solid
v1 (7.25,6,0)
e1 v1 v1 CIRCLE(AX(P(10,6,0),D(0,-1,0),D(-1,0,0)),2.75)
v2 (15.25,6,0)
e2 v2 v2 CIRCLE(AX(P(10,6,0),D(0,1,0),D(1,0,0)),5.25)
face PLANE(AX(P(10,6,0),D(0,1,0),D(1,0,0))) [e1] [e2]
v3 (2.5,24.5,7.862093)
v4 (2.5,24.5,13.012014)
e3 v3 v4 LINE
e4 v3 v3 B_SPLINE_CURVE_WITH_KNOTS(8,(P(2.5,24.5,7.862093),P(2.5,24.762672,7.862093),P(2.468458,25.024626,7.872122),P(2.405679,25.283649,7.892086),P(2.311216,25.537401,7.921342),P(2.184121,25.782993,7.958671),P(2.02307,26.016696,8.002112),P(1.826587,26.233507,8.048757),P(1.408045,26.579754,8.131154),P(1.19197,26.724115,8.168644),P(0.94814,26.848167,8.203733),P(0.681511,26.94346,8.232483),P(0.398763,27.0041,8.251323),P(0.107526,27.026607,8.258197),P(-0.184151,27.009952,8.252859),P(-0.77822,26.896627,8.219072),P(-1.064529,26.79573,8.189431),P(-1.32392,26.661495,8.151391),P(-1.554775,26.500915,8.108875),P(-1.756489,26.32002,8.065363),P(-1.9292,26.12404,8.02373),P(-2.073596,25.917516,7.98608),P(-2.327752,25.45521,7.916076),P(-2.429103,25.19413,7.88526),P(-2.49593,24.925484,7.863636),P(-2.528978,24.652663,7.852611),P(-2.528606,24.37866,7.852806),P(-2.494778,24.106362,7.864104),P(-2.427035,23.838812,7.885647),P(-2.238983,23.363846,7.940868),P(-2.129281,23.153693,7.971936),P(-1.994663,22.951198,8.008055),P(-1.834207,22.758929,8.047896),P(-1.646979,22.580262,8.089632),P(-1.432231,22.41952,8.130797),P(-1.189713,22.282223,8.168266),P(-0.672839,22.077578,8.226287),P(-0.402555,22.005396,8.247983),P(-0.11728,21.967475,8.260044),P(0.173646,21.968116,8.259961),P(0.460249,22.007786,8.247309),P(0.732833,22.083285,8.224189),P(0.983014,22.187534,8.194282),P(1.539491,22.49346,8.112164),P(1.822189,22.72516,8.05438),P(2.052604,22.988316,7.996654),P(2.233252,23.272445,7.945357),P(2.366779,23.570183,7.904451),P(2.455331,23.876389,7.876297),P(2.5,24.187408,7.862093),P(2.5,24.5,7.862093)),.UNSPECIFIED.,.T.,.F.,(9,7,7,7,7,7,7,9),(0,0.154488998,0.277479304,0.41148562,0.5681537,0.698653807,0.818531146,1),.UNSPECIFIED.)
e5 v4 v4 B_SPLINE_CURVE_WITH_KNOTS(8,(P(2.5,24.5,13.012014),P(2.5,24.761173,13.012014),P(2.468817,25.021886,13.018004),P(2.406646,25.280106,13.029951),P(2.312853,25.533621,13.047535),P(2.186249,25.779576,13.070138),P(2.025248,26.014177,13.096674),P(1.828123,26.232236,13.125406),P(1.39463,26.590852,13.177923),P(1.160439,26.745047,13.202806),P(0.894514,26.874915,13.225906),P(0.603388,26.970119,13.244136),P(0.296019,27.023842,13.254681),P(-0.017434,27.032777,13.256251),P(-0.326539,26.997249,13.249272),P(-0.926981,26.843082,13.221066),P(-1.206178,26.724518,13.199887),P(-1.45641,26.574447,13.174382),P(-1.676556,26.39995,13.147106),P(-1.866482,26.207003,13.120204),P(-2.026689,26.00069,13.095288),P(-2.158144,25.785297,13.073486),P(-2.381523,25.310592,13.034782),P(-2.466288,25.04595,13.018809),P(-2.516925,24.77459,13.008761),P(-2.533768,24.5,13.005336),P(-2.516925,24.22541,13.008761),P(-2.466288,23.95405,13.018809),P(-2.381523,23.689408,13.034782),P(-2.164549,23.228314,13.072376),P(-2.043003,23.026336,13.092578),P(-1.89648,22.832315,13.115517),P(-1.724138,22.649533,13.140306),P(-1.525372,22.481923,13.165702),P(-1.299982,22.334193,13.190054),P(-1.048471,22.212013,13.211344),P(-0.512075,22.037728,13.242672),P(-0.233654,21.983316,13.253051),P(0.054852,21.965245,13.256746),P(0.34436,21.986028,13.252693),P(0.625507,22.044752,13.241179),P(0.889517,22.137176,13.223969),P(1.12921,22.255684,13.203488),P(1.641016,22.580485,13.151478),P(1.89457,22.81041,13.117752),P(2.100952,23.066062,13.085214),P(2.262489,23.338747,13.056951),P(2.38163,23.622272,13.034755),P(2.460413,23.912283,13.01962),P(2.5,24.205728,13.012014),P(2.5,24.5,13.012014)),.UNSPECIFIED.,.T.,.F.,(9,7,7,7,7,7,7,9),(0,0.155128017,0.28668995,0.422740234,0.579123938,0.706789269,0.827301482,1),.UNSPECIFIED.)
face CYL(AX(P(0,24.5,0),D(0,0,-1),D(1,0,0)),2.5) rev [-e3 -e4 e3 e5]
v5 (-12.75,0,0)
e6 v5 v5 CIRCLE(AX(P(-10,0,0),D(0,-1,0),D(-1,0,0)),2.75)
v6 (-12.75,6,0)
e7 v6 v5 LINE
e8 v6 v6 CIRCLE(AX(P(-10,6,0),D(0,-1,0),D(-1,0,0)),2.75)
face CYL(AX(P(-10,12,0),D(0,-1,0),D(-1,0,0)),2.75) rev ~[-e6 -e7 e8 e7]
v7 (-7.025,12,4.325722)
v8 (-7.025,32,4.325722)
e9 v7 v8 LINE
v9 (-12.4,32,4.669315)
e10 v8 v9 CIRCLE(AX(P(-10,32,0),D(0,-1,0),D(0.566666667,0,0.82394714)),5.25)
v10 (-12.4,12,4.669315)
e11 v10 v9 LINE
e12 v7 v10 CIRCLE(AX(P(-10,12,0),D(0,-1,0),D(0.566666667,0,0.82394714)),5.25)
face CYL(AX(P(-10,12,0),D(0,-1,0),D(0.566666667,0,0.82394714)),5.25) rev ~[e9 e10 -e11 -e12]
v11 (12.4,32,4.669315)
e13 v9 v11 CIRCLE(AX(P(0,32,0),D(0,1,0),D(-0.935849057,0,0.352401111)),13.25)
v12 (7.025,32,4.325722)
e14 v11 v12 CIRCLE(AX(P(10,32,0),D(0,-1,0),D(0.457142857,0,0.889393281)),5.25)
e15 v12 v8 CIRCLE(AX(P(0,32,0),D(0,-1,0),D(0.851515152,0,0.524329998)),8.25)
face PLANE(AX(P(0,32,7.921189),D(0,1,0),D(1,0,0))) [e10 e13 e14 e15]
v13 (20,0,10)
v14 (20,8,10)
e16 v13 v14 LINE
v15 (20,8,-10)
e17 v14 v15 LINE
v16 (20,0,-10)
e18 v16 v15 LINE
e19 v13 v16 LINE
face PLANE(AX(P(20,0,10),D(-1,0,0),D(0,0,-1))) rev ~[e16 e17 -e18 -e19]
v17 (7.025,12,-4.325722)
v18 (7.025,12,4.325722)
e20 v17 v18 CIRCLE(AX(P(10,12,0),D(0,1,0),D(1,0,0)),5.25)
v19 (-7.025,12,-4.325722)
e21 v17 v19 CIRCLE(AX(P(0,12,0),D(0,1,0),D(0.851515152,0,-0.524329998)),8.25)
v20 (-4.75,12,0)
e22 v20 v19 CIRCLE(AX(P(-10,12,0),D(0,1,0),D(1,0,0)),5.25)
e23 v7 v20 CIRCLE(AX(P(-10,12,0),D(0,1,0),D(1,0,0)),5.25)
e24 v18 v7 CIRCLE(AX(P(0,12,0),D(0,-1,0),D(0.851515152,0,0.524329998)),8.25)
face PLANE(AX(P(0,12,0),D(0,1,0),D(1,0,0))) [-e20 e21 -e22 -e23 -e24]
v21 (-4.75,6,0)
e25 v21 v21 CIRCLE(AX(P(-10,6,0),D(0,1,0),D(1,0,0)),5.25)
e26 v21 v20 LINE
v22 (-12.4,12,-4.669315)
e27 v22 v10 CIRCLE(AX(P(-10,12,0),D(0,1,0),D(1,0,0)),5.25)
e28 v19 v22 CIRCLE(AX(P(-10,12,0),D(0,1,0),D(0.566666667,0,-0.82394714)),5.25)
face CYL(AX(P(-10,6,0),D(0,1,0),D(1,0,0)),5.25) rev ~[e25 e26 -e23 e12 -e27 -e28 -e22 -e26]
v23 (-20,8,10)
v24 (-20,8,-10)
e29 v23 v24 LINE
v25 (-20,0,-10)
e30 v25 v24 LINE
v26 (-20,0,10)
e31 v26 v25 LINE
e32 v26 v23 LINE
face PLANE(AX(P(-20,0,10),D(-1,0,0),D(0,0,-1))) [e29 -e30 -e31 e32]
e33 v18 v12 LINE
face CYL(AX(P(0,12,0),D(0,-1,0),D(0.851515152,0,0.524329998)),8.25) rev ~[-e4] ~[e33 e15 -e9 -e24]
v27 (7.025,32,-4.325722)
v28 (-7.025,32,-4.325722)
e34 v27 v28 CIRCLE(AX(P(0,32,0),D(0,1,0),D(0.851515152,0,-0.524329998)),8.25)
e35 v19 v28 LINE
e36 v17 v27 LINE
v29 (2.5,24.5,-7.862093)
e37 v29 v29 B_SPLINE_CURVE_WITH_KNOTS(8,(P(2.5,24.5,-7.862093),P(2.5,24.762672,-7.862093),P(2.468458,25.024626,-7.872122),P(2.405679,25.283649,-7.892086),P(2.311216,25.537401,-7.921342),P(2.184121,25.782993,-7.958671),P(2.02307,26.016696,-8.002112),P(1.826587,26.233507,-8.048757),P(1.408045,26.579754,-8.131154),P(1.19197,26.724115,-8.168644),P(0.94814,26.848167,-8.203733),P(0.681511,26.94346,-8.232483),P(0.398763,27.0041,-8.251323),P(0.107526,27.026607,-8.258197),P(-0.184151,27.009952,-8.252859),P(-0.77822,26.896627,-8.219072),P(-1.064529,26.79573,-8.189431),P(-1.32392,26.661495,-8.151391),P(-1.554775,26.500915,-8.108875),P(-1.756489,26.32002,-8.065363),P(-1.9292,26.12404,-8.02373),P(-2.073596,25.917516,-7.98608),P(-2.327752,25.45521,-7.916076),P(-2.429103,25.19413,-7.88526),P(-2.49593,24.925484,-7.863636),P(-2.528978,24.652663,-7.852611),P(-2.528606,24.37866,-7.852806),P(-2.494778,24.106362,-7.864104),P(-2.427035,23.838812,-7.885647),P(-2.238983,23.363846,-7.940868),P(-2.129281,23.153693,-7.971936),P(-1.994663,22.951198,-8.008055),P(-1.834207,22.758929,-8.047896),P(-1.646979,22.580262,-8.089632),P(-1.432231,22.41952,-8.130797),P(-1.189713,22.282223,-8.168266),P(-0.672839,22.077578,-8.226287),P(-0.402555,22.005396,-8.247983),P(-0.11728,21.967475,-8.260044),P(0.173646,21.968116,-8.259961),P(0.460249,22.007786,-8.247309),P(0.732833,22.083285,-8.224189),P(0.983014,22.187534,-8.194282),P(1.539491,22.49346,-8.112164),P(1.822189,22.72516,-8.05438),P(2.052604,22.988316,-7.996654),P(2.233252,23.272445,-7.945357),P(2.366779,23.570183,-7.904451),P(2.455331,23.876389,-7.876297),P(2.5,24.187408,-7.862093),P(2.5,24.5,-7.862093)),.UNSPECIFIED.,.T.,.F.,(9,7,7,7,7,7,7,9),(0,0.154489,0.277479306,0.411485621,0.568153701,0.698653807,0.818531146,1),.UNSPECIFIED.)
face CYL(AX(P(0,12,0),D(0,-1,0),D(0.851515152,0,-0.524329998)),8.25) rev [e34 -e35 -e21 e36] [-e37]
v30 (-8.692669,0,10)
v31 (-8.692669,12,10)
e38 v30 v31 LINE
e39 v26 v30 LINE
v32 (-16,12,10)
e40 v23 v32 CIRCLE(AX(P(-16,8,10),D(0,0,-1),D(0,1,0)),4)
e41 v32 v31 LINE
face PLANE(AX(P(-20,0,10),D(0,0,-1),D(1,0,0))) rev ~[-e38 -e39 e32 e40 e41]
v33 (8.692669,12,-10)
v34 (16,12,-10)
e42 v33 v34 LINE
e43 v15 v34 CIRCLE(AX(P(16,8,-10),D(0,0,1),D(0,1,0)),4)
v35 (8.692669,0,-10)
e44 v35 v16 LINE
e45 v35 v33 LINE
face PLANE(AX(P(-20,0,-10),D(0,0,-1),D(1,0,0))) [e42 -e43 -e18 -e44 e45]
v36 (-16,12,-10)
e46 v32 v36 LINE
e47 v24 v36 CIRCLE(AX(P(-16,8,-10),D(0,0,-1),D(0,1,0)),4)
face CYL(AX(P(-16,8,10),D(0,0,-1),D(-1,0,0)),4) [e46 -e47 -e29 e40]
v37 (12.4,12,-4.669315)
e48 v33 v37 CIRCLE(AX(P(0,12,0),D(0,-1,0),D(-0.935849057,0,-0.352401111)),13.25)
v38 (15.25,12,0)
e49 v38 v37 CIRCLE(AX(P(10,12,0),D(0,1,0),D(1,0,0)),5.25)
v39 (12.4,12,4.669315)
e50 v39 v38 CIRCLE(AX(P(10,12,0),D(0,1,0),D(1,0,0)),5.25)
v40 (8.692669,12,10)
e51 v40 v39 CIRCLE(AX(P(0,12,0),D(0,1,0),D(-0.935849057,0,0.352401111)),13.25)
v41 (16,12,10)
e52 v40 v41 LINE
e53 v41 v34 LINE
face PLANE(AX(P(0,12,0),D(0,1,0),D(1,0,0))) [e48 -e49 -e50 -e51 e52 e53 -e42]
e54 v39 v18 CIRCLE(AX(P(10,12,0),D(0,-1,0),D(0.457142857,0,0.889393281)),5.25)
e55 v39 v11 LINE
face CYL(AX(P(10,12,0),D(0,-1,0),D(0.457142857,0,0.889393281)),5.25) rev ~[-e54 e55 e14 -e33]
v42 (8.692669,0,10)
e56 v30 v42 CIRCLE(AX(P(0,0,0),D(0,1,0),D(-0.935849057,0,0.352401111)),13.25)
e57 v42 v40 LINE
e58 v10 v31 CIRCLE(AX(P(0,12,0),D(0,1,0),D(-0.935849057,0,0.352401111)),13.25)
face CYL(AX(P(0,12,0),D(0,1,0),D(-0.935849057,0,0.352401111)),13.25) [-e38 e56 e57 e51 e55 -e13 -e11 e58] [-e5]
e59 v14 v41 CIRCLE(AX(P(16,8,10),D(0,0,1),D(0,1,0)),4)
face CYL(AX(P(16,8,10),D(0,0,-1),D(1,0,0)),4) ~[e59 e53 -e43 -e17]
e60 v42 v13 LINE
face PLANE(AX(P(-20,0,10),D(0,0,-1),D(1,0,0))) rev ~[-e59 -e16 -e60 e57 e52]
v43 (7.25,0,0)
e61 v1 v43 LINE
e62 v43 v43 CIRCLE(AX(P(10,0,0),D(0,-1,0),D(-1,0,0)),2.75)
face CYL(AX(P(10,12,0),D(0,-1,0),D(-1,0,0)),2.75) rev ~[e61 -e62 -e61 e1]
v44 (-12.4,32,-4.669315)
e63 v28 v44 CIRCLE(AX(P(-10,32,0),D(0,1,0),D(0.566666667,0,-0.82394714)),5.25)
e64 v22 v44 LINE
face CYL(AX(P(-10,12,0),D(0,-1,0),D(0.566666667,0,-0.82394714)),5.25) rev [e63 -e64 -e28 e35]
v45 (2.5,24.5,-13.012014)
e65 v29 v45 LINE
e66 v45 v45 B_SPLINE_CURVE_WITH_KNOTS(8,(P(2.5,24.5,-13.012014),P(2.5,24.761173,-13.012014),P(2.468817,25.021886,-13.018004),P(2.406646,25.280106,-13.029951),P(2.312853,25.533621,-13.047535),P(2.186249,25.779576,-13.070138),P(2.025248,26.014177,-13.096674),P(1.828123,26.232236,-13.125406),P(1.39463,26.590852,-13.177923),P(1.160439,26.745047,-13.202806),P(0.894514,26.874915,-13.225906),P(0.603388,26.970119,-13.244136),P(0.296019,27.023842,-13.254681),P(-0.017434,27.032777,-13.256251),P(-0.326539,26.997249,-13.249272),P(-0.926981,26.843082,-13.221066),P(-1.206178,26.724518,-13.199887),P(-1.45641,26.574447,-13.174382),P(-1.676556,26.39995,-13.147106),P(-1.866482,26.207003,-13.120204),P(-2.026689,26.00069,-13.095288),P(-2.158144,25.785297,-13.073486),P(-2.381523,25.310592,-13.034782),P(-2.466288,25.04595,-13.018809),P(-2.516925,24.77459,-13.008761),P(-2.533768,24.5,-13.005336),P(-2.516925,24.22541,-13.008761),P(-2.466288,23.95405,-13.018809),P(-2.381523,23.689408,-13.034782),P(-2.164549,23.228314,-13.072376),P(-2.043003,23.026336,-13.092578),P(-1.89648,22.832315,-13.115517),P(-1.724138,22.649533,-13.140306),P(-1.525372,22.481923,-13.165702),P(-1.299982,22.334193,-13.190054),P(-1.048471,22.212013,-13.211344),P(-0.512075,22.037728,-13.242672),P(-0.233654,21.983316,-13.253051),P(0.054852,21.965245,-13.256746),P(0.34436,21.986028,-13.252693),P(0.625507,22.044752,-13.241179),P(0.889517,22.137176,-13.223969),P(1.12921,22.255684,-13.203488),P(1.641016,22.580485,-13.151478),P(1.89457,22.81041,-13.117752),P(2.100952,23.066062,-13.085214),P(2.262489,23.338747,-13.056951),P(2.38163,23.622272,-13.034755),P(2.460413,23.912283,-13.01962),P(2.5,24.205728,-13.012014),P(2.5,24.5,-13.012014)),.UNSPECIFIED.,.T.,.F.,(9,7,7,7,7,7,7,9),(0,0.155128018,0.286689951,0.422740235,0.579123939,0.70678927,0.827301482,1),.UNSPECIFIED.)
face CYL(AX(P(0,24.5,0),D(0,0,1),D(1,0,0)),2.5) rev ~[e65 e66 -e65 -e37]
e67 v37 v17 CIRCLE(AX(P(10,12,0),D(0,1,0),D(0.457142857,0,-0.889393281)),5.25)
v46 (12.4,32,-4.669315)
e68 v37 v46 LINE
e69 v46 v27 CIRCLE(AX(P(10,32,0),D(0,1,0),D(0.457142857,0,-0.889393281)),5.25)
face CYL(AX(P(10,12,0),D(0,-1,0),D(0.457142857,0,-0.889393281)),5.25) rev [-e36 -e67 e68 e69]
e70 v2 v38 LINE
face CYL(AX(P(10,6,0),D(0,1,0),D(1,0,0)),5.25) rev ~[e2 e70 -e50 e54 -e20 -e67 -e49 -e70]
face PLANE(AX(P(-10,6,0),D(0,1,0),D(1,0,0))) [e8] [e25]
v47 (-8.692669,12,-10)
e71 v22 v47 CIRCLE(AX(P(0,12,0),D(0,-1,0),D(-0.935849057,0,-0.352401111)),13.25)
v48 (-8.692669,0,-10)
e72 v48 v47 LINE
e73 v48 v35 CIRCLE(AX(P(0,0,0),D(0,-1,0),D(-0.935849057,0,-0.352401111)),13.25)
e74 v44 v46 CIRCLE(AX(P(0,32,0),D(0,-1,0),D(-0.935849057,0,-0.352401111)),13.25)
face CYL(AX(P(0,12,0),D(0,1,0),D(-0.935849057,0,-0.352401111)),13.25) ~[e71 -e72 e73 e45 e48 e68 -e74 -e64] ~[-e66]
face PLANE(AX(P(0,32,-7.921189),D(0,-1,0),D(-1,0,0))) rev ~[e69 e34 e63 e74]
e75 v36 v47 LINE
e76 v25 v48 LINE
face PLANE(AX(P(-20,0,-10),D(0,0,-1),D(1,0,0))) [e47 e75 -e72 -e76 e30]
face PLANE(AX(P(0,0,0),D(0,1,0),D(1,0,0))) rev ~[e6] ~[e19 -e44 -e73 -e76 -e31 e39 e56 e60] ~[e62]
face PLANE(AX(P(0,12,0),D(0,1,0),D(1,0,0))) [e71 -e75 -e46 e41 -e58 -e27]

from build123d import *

# Parameters (mm, degrees)
SKETCH1_W                      = 40
SKETCH1_H                      = 20
BOSS_EXTRUDE1_DEPTH            = 12
CBORE_FOR_M5_SHCS1_D           = 5.5
CBORE_FOR_M5_SHCS1_DEPTH       = 12
CBORE_FOR_M5_SHCS1_CBORE_D     = 10.5
CBORE_FOR_M5_SHCS1_CBORE_DEPTH = 6
BOSS_EXTRUDE2_DEPTH            = 20
BOSS_EXTRUDE2_DEPTH_BACK       = 12
SKETCH6_R                      = 2.5
CUT_EXTRUDE1_DEPTH             = 14.25
CUT_EXTRUDE1_DEPTH_BACK        = 14.25
FILLET1_R                      = 4


with BuildPart() as part:
    # Sketch1 → Boss-Extrude1 (new body)
    with BuildSketch(Plane(origin=(0, 0, 0), x_dir=(1, 0, 0), z_dir=(0, 1, 0))):
        Rectangle(SKETCH1_W, SKETCH1_H)
    extrude(amount=BOSS_EXTRUDE1_DEPTH)

    # CBORE for M5 SHCS1
    with Locations(Plane(origin=(0, 12, 0), x_dir=(1, 0, 0), z_dir=(0, 1, 0))):
        with Locations((10, 0), (-10, 0)):
            CounterBoreHole(CBORE_FOR_M5_SHCS1_D / 2, CBORE_FOR_M5_SHCS1_CBORE_D / 2, CBORE_FOR_M5_SHCS1_CBORE_DEPTH, depth=CBORE_FOR_M5_SHCS1_DEPTH)

    # Sketch4 → Boss-Extrude2 (add, two sides)
    with BuildSketch(Plane(origin=(0, 12, 0), x_dir=(1, 0, 0), z_dir=(0, 1, 0))) as boss_extrude2_sk:
        with BuildLine():
            ThreePointArc((-12.4, -4.669314725), (0, -13.25), (12.4, -4.669314725))
            ThreePointArc((12.4, -4.669314725), (9.665081865, -5.239306237), (7.025, -4.325722483))
            ThreePointArc((7.025, -4.325722483), (0, -8.25), (-7.025, -4.325722483))
            ThreePointArc((-7.025, -4.325722483), (-9.665081865, -5.239306237), (-12.4, -4.669314725))
        make_face()
        with BuildLine():
            ThreePointArc((-7.025, 4.325722483), (-9.665081865, 5.239306237), (-12.4, 4.669314725))
            ThreePointArc((-12.4, 4.669314725), (0, 13.25), (12.4, 4.669314725))
            ThreePointArc((12.4, 4.669314725), (9.665081865, 5.239306237), (7.025, 4.325722483))
            ThreePointArc((7.025, 4.325722483), (0, 8.25), (-7.025, 4.325722483))
        make_face()
    extrude(amount=BOSS_EXTRUDE2_DEPTH)
    extrude(boss_extrude2_sk.sketch, amount=-BOSS_EXTRUDE2_DEPTH_BACK)

    # Sketch6 → Cut-Extrude1 (cut, two sides)
    with BuildSketch(Plane.XY) as cut_extrude1_sk:
        with Locations((0, 24.5)):
            Circle(SKETCH6_R)
    extrude(amount=CUT_EXTRUDE1_DEPTH, mode=Mode.SUBTRACT)
    extrude(cut_extrude1_sk.sketch, amount=-CUT_EXTRUDE1_DEPTH_BACK, mode=Mode.SUBTRACT)

    # Fillet1
    fillet1_edges = [part.edges().sort_by_distance(p)[0] for p in [
        (-20, 12, 0),
        (20, 12, 0),
    ]]
    fillet(fillet1_edges, radius=FILLET1_R)


solid = part.part
